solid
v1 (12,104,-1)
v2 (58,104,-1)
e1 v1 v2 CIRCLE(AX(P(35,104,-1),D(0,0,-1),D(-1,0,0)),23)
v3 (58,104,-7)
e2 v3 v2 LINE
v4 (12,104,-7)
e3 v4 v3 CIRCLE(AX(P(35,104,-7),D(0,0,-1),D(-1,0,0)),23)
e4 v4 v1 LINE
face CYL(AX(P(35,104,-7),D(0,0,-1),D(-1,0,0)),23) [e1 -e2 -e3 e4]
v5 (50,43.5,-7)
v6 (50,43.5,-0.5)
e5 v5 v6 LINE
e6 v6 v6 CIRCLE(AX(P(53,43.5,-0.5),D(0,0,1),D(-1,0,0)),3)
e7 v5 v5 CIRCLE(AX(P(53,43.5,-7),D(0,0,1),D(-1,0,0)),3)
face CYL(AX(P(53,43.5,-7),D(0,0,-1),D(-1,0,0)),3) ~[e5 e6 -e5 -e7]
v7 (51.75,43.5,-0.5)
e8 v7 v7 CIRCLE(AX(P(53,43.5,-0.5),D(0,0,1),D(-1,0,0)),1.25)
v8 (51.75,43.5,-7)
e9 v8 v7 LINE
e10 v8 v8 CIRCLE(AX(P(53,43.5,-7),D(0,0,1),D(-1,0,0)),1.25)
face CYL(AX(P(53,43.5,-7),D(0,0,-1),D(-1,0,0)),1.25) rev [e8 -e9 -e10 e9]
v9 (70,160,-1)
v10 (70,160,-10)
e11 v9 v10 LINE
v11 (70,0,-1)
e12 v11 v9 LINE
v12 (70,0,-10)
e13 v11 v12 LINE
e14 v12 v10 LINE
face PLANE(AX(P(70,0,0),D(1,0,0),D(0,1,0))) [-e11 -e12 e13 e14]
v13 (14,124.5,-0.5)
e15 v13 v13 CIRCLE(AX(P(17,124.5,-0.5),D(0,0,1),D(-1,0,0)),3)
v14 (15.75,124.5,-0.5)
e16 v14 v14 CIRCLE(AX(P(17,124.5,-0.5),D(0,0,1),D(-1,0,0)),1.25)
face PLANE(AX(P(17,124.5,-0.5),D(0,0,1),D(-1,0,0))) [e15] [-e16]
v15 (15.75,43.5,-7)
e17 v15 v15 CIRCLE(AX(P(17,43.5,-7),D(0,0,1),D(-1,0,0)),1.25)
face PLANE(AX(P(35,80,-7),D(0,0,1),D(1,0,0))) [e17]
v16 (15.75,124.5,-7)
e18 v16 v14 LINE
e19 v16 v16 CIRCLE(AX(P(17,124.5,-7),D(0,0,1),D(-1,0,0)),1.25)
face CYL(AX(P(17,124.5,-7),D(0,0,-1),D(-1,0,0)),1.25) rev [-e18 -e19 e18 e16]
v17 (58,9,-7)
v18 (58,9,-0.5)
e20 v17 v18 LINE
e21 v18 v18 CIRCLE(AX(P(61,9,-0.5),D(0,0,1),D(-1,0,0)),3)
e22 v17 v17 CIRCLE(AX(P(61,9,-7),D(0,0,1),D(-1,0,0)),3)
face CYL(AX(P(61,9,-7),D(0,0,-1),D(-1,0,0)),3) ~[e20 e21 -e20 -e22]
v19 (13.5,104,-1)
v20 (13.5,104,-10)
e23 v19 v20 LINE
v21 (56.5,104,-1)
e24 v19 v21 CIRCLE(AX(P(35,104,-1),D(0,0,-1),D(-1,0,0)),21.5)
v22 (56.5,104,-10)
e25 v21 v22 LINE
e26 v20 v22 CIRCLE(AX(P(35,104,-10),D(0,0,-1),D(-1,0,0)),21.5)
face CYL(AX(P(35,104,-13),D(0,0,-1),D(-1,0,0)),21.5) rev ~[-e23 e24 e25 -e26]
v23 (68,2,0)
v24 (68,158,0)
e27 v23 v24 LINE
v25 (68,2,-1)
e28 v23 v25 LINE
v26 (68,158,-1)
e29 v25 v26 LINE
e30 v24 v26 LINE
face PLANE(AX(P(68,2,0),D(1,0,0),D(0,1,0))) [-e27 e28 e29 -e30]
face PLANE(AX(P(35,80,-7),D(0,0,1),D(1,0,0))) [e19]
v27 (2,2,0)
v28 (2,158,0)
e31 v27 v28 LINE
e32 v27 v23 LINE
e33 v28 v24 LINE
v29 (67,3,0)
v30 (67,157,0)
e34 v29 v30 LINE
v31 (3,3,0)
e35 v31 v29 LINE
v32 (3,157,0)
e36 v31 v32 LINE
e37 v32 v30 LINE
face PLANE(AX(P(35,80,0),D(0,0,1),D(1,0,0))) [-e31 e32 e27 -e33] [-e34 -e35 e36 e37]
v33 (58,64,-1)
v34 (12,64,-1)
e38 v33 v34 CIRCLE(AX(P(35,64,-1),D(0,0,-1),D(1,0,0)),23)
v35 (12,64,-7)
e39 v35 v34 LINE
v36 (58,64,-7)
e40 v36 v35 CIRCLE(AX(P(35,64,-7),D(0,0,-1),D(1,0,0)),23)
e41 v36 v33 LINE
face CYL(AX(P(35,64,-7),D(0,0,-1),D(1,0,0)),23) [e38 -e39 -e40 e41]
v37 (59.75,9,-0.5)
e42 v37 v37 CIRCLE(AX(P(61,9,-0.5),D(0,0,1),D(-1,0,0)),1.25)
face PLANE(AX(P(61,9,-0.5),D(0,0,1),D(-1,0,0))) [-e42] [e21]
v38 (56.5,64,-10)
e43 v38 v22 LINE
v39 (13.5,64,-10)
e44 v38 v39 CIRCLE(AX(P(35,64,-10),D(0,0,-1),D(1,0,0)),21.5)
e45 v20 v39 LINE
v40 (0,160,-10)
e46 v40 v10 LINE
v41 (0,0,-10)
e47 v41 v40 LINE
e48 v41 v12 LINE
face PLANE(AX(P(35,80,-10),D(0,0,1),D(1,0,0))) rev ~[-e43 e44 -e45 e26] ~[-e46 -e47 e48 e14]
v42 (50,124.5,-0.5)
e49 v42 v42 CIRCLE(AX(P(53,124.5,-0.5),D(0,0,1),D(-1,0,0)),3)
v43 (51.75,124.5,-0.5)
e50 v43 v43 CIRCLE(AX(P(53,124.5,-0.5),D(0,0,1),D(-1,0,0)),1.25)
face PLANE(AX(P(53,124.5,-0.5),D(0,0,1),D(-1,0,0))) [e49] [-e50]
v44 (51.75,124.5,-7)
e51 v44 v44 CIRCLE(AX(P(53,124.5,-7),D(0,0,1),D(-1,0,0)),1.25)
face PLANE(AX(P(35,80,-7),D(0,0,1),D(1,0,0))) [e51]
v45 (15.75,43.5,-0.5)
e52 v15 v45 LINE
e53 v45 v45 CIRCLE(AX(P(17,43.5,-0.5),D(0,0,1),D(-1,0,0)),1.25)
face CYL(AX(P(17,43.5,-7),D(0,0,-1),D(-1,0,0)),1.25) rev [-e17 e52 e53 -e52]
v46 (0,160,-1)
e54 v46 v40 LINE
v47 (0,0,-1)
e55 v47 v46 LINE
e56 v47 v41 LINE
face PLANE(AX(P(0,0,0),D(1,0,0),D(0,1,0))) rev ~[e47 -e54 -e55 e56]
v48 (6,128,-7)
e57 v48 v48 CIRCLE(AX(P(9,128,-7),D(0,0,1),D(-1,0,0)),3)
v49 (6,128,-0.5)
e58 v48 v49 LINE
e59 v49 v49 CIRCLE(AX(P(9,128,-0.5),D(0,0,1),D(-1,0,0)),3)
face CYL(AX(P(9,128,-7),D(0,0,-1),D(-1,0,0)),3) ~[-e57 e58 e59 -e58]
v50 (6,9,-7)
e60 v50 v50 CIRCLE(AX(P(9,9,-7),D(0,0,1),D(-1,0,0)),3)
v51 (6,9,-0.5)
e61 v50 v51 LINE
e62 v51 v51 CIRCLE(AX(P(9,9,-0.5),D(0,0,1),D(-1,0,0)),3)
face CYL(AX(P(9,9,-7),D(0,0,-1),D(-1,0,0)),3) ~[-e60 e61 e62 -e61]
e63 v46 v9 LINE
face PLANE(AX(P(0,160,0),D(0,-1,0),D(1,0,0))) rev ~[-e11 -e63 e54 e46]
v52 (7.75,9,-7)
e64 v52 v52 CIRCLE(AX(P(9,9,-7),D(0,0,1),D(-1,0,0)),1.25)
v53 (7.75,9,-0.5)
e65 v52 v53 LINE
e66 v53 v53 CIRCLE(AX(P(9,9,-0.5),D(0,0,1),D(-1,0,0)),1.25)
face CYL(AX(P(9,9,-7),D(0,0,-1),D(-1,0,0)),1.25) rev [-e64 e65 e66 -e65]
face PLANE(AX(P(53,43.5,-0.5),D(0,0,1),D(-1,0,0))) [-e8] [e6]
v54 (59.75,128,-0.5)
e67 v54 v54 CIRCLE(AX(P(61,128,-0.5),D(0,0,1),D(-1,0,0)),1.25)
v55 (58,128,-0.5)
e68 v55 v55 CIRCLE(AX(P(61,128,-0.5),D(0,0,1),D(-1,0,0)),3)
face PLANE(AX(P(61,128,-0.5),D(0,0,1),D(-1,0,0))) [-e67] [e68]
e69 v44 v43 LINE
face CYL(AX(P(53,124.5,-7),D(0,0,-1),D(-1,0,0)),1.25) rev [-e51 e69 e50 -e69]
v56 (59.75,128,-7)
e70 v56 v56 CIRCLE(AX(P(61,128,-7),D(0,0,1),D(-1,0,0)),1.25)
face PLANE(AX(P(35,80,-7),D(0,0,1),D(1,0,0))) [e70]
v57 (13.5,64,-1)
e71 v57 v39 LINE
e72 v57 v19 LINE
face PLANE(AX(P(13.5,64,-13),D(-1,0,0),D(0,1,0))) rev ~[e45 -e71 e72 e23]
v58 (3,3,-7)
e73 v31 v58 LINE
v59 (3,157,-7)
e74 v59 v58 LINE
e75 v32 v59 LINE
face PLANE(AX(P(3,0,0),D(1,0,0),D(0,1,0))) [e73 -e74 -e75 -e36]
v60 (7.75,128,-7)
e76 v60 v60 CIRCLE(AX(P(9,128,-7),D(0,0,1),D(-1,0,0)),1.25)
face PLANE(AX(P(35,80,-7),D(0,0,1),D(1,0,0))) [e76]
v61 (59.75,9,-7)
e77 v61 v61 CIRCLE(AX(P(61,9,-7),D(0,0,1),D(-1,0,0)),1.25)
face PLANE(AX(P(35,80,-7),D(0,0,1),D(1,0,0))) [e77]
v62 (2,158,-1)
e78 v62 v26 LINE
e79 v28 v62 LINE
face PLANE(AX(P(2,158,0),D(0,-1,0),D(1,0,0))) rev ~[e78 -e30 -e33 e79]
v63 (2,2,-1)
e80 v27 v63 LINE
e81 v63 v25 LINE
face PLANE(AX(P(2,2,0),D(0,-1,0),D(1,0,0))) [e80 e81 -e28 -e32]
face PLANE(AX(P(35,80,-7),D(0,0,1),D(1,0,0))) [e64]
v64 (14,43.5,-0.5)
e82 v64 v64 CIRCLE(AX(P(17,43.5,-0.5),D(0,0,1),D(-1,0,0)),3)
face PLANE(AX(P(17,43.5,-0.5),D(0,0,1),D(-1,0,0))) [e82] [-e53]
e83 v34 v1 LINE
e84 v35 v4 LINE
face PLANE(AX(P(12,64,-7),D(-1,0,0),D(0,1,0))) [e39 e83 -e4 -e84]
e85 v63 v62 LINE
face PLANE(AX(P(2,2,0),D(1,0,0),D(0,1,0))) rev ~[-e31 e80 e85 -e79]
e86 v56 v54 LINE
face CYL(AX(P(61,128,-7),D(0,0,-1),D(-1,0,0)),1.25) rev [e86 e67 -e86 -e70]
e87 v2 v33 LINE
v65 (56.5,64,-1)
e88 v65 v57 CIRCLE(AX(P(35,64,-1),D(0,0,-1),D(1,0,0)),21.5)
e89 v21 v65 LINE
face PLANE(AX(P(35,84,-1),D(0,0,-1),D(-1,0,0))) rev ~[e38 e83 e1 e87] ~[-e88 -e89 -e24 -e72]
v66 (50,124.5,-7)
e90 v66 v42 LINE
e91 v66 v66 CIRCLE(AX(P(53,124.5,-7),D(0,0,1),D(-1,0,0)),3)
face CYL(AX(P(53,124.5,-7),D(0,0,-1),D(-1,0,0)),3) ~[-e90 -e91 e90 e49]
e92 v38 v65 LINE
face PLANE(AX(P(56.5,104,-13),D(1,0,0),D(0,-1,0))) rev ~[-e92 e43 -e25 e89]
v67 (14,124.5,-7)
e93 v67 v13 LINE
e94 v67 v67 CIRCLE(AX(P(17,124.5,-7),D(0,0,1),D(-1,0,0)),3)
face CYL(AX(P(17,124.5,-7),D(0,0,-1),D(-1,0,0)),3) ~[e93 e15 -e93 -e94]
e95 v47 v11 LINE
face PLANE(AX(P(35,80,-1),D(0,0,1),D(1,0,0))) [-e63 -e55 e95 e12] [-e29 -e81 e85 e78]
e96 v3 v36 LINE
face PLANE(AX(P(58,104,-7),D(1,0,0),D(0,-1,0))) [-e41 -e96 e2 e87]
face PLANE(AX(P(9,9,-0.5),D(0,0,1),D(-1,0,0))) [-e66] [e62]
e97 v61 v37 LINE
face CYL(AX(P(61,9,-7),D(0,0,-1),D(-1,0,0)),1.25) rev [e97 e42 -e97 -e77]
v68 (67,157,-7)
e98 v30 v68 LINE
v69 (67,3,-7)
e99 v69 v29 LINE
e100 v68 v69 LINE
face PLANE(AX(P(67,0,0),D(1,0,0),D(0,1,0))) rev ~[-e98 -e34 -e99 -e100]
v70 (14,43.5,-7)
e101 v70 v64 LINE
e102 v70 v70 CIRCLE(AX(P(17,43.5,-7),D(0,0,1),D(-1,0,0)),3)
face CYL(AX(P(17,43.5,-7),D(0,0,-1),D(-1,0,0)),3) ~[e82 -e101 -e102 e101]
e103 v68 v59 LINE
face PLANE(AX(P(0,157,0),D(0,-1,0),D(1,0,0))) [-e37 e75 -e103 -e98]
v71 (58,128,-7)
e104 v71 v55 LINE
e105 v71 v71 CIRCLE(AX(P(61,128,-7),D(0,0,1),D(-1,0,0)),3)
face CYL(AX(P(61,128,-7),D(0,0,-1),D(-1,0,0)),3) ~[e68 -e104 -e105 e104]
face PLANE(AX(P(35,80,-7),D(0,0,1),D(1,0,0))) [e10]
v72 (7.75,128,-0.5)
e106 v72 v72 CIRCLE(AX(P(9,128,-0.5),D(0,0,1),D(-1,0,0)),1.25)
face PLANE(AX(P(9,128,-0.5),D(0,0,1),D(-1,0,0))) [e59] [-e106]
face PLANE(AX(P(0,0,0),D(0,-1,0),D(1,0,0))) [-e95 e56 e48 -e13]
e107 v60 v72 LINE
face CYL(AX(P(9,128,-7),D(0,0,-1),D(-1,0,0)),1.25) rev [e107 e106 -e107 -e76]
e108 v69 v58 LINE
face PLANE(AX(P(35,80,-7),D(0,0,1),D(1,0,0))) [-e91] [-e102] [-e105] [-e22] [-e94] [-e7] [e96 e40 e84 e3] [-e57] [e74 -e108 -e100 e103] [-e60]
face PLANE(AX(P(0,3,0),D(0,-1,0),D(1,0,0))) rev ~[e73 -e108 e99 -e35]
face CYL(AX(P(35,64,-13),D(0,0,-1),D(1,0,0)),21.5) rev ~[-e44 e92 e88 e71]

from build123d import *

# Parameters (mm, degrees)
CROQUIS1_W              = 70
CROQUIS1_H              = 160
SALIENTE_EXTRUIR1_DEPTH = 10
VACIADO1_T              = -3
CROQUIS2_W              = 70
CROQUIS2_H              = 160
CROQUIS2_W_2            = 66
CROQUIS2_H_2            = 156
CORTAR_EXTRUIR1_DEPTH   = 1
SALIENTE_EXTRUIR2_DEPTH = 6
CORTAR_EXTRUIR2_START   = -6
CORTAR_EXTRUIR2_DEPTH   = 6
CROQUIS5_R              = 3
CROQUIS5_R_2            = 1.25
SALIENTE_EXTRUIR3_DEPTH = 6.5
CROQUIS6_R              = 3
CROQUIS6_R_2            = 1.25
SALIENTE_EXTRUIR4_DEPTH = 6.5


with BuildPart() as part:
    # Croquis1 → Saliente-Extruir1 (new body)
    with BuildSketch(Plane.XY):
        with Locations((35, 80)):
            Rectangle(CROQUIS1_W, CROQUIS1_H)
    extrude(amount=-SALIENTE_EXTRUIR1_DEPTH)

    # Vaciado1
    vaciado1_openings = [part.faces().sort_by_distance(p)[0] for p in [
        (35, 80, 0),
    ]]
    offset(amount=VACIADO1_T, openings=vaciado1_openings, kind=Kind.INTERSECTION)

    # Croquis2 → Cortar-Extruir1 (cut)
    with BuildSketch(Plane.XY):
        with Locations((35, 80)):
            Rectangle(CROQUIS2_W, CROQUIS2_H)
        with Locations((35, 80)):
            Rectangle(CROQUIS2_W_2, CROQUIS2_H_2, mode=Mode.SUBTRACT)
    extrude(amount=-CORTAR_EXTRUIR1_DEPTH, mode=Mode.SUBTRACT)

    # Croquis3 → Saliente-Extruir2 (add)
    with BuildSketch(Plane.XY.offset(-7)):
        with BuildLine():
            Line((58, 104), (58, 64))
            ThreePointArc((58, 64), (35, 41), (12, 64))
            Line((12, 64), (12, 104))
            ThreePointArc((12, 104), (35, 127), (58, 104))
        make_face()
        with BuildLine():
            Line((56.5, 104), (56.5, 64))
            ThreePointArc((56.5, 64), (35, 42.5), (13.5, 64))
            Line((13.5, 64), (13.5, 104))
            ThreePointArc((13.5, 104), (35, 125.5), (56.5, 104))
        make_face(mode=Mode.SUBTRACT)
    extrude(amount=SALIENTE_EXTRUIR2_DEPTH)

    # Croquis4 → Cortar-Extruir2 (cut)
    with BuildSketch(Plane.XY.offset(-7).offset(CORTAR_EXTRUIR2_START)):
        with BuildLine():
            Line((56.5, 104), (56.5, 64))
            ThreePointArc((56.5, 64), (35, 42.5), (13.5, 64))
            Line((13.5, 64), (13.5, 104))
            ThreePointArc((13.5, 104), (35, 125.5), (56.5, 104))
        make_face()
    extrude(amount=CORTAR_EXTRUIR2_DEPTH, mode=Mode.SUBTRACT)

    # Croquis5 → Saliente-Extruir3 (add)
    # profile 1 of 4: a face of its own
    with BuildSketch(Plane.XY.offset(-7)):
        with Locations(Location((17, 124.5, 0), (0, 0, 180))):
            Circle(CROQUIS5_R)
        with Locations(Location((17, 124.5, 0), (0, 0, 180))):
            Circle(CROQUIS5_R_2, mode=Mode.SUBTRACT)
    # profile 2 of 4: a face of its own
    with BuildSketch(Plane.XY.offset(-7)):
        with Locations(Location((53, 124.5, 0), (0, 0, 180))):
            Circle(CROQUIS5_R)
        with Locations(Location((53, 124.5, 0), (0, 0, 180))):
            Circle(CROQUIS5_R_2, mode=Mode.SUBTRACT)
    # profile 3 of 4: a face of its own
    with BuildSketch(Plane.XY.offset(-7)):
        with Locations(Location((17, 43.5, 0), (0, 0, 180))):
            Circle(CROQUIS5_R)
        with Locations(Location((17, 43.5, 0), (0, 0, 180))):
            Circle(CROQUIS5_R_2, mode=Mode.SUBTRACT)
    # profile 4 of 4: a face of its own
    with BuildSketch(Plane.XY.offset(-7)):
        with Locations(Location((53, 43.5, 0), (0, 0, 180))):
            Circle(CROQUIS5_R)
        with Locations(Location((53, 43.5, 0), (0, 0, 180))):
            Circle(CROQUIS5_R_2, mode=Mode.SUBTRACT)
    extrude(amount=SALIENTE_EXTRUIR3_DEPTH)

    # Croquis6 → Saliente-Extruir4 (add)
    # profile 1 of 4: a face of its own
    with BuildSketch(Plane.XY.offset(-7)):
        with Locations(Location((9, 9, 0), (0, 0, 180))):
            Circle(CROQUIS6_R)
        with Locations(Location((9, 9, 0), (0, 0, 180))):
            Circle(CROQUIS6_R_2, mode=Mode.SUBTRACT)
    # profile 2 of 4: a face of its own
    with BuildSketch(Plane.XY.offset(-7)):
        with Locations(Location((61, 9, 0), (0, 0, 180))):
            Circle(CROQUIS6_R)
        with Locations(Location((61, 9, 0), (0, 0, 180))):
            Circle(CROQUIS6_R_2, mode=Mode.SUBTRACT)
    # profile 3 of 4: a face of its own
    with BuildSketch(Plane.XY.offset(-7)):
        with Locations(Location((9, 128, 0), (0, 0, 180))):
            Circle(CROQUIS6_R)
        with Locations(Location((9, 128, 0), (0, 0, 180))):
            Circle(CROQUIS6_R_2, mode=Mode.SUBTRACT)
    # profile 4 of 4: a face of its own
    with BuildSketch(Plane.XY.offset(-7)):
        with Locations(Location((61, 128, 0), (0, 0, 180))):
            Circle(CROQUIS6_R)
        with Locations(Location((61, 128, 0), (0, 0, 180))):
            Circle(CROQUIS6_R_2, mode=Mode.SUBTRACT)
    extrude(amount=SALIENTE_EXTRUIR4_DEPTH)


solid = part.part
